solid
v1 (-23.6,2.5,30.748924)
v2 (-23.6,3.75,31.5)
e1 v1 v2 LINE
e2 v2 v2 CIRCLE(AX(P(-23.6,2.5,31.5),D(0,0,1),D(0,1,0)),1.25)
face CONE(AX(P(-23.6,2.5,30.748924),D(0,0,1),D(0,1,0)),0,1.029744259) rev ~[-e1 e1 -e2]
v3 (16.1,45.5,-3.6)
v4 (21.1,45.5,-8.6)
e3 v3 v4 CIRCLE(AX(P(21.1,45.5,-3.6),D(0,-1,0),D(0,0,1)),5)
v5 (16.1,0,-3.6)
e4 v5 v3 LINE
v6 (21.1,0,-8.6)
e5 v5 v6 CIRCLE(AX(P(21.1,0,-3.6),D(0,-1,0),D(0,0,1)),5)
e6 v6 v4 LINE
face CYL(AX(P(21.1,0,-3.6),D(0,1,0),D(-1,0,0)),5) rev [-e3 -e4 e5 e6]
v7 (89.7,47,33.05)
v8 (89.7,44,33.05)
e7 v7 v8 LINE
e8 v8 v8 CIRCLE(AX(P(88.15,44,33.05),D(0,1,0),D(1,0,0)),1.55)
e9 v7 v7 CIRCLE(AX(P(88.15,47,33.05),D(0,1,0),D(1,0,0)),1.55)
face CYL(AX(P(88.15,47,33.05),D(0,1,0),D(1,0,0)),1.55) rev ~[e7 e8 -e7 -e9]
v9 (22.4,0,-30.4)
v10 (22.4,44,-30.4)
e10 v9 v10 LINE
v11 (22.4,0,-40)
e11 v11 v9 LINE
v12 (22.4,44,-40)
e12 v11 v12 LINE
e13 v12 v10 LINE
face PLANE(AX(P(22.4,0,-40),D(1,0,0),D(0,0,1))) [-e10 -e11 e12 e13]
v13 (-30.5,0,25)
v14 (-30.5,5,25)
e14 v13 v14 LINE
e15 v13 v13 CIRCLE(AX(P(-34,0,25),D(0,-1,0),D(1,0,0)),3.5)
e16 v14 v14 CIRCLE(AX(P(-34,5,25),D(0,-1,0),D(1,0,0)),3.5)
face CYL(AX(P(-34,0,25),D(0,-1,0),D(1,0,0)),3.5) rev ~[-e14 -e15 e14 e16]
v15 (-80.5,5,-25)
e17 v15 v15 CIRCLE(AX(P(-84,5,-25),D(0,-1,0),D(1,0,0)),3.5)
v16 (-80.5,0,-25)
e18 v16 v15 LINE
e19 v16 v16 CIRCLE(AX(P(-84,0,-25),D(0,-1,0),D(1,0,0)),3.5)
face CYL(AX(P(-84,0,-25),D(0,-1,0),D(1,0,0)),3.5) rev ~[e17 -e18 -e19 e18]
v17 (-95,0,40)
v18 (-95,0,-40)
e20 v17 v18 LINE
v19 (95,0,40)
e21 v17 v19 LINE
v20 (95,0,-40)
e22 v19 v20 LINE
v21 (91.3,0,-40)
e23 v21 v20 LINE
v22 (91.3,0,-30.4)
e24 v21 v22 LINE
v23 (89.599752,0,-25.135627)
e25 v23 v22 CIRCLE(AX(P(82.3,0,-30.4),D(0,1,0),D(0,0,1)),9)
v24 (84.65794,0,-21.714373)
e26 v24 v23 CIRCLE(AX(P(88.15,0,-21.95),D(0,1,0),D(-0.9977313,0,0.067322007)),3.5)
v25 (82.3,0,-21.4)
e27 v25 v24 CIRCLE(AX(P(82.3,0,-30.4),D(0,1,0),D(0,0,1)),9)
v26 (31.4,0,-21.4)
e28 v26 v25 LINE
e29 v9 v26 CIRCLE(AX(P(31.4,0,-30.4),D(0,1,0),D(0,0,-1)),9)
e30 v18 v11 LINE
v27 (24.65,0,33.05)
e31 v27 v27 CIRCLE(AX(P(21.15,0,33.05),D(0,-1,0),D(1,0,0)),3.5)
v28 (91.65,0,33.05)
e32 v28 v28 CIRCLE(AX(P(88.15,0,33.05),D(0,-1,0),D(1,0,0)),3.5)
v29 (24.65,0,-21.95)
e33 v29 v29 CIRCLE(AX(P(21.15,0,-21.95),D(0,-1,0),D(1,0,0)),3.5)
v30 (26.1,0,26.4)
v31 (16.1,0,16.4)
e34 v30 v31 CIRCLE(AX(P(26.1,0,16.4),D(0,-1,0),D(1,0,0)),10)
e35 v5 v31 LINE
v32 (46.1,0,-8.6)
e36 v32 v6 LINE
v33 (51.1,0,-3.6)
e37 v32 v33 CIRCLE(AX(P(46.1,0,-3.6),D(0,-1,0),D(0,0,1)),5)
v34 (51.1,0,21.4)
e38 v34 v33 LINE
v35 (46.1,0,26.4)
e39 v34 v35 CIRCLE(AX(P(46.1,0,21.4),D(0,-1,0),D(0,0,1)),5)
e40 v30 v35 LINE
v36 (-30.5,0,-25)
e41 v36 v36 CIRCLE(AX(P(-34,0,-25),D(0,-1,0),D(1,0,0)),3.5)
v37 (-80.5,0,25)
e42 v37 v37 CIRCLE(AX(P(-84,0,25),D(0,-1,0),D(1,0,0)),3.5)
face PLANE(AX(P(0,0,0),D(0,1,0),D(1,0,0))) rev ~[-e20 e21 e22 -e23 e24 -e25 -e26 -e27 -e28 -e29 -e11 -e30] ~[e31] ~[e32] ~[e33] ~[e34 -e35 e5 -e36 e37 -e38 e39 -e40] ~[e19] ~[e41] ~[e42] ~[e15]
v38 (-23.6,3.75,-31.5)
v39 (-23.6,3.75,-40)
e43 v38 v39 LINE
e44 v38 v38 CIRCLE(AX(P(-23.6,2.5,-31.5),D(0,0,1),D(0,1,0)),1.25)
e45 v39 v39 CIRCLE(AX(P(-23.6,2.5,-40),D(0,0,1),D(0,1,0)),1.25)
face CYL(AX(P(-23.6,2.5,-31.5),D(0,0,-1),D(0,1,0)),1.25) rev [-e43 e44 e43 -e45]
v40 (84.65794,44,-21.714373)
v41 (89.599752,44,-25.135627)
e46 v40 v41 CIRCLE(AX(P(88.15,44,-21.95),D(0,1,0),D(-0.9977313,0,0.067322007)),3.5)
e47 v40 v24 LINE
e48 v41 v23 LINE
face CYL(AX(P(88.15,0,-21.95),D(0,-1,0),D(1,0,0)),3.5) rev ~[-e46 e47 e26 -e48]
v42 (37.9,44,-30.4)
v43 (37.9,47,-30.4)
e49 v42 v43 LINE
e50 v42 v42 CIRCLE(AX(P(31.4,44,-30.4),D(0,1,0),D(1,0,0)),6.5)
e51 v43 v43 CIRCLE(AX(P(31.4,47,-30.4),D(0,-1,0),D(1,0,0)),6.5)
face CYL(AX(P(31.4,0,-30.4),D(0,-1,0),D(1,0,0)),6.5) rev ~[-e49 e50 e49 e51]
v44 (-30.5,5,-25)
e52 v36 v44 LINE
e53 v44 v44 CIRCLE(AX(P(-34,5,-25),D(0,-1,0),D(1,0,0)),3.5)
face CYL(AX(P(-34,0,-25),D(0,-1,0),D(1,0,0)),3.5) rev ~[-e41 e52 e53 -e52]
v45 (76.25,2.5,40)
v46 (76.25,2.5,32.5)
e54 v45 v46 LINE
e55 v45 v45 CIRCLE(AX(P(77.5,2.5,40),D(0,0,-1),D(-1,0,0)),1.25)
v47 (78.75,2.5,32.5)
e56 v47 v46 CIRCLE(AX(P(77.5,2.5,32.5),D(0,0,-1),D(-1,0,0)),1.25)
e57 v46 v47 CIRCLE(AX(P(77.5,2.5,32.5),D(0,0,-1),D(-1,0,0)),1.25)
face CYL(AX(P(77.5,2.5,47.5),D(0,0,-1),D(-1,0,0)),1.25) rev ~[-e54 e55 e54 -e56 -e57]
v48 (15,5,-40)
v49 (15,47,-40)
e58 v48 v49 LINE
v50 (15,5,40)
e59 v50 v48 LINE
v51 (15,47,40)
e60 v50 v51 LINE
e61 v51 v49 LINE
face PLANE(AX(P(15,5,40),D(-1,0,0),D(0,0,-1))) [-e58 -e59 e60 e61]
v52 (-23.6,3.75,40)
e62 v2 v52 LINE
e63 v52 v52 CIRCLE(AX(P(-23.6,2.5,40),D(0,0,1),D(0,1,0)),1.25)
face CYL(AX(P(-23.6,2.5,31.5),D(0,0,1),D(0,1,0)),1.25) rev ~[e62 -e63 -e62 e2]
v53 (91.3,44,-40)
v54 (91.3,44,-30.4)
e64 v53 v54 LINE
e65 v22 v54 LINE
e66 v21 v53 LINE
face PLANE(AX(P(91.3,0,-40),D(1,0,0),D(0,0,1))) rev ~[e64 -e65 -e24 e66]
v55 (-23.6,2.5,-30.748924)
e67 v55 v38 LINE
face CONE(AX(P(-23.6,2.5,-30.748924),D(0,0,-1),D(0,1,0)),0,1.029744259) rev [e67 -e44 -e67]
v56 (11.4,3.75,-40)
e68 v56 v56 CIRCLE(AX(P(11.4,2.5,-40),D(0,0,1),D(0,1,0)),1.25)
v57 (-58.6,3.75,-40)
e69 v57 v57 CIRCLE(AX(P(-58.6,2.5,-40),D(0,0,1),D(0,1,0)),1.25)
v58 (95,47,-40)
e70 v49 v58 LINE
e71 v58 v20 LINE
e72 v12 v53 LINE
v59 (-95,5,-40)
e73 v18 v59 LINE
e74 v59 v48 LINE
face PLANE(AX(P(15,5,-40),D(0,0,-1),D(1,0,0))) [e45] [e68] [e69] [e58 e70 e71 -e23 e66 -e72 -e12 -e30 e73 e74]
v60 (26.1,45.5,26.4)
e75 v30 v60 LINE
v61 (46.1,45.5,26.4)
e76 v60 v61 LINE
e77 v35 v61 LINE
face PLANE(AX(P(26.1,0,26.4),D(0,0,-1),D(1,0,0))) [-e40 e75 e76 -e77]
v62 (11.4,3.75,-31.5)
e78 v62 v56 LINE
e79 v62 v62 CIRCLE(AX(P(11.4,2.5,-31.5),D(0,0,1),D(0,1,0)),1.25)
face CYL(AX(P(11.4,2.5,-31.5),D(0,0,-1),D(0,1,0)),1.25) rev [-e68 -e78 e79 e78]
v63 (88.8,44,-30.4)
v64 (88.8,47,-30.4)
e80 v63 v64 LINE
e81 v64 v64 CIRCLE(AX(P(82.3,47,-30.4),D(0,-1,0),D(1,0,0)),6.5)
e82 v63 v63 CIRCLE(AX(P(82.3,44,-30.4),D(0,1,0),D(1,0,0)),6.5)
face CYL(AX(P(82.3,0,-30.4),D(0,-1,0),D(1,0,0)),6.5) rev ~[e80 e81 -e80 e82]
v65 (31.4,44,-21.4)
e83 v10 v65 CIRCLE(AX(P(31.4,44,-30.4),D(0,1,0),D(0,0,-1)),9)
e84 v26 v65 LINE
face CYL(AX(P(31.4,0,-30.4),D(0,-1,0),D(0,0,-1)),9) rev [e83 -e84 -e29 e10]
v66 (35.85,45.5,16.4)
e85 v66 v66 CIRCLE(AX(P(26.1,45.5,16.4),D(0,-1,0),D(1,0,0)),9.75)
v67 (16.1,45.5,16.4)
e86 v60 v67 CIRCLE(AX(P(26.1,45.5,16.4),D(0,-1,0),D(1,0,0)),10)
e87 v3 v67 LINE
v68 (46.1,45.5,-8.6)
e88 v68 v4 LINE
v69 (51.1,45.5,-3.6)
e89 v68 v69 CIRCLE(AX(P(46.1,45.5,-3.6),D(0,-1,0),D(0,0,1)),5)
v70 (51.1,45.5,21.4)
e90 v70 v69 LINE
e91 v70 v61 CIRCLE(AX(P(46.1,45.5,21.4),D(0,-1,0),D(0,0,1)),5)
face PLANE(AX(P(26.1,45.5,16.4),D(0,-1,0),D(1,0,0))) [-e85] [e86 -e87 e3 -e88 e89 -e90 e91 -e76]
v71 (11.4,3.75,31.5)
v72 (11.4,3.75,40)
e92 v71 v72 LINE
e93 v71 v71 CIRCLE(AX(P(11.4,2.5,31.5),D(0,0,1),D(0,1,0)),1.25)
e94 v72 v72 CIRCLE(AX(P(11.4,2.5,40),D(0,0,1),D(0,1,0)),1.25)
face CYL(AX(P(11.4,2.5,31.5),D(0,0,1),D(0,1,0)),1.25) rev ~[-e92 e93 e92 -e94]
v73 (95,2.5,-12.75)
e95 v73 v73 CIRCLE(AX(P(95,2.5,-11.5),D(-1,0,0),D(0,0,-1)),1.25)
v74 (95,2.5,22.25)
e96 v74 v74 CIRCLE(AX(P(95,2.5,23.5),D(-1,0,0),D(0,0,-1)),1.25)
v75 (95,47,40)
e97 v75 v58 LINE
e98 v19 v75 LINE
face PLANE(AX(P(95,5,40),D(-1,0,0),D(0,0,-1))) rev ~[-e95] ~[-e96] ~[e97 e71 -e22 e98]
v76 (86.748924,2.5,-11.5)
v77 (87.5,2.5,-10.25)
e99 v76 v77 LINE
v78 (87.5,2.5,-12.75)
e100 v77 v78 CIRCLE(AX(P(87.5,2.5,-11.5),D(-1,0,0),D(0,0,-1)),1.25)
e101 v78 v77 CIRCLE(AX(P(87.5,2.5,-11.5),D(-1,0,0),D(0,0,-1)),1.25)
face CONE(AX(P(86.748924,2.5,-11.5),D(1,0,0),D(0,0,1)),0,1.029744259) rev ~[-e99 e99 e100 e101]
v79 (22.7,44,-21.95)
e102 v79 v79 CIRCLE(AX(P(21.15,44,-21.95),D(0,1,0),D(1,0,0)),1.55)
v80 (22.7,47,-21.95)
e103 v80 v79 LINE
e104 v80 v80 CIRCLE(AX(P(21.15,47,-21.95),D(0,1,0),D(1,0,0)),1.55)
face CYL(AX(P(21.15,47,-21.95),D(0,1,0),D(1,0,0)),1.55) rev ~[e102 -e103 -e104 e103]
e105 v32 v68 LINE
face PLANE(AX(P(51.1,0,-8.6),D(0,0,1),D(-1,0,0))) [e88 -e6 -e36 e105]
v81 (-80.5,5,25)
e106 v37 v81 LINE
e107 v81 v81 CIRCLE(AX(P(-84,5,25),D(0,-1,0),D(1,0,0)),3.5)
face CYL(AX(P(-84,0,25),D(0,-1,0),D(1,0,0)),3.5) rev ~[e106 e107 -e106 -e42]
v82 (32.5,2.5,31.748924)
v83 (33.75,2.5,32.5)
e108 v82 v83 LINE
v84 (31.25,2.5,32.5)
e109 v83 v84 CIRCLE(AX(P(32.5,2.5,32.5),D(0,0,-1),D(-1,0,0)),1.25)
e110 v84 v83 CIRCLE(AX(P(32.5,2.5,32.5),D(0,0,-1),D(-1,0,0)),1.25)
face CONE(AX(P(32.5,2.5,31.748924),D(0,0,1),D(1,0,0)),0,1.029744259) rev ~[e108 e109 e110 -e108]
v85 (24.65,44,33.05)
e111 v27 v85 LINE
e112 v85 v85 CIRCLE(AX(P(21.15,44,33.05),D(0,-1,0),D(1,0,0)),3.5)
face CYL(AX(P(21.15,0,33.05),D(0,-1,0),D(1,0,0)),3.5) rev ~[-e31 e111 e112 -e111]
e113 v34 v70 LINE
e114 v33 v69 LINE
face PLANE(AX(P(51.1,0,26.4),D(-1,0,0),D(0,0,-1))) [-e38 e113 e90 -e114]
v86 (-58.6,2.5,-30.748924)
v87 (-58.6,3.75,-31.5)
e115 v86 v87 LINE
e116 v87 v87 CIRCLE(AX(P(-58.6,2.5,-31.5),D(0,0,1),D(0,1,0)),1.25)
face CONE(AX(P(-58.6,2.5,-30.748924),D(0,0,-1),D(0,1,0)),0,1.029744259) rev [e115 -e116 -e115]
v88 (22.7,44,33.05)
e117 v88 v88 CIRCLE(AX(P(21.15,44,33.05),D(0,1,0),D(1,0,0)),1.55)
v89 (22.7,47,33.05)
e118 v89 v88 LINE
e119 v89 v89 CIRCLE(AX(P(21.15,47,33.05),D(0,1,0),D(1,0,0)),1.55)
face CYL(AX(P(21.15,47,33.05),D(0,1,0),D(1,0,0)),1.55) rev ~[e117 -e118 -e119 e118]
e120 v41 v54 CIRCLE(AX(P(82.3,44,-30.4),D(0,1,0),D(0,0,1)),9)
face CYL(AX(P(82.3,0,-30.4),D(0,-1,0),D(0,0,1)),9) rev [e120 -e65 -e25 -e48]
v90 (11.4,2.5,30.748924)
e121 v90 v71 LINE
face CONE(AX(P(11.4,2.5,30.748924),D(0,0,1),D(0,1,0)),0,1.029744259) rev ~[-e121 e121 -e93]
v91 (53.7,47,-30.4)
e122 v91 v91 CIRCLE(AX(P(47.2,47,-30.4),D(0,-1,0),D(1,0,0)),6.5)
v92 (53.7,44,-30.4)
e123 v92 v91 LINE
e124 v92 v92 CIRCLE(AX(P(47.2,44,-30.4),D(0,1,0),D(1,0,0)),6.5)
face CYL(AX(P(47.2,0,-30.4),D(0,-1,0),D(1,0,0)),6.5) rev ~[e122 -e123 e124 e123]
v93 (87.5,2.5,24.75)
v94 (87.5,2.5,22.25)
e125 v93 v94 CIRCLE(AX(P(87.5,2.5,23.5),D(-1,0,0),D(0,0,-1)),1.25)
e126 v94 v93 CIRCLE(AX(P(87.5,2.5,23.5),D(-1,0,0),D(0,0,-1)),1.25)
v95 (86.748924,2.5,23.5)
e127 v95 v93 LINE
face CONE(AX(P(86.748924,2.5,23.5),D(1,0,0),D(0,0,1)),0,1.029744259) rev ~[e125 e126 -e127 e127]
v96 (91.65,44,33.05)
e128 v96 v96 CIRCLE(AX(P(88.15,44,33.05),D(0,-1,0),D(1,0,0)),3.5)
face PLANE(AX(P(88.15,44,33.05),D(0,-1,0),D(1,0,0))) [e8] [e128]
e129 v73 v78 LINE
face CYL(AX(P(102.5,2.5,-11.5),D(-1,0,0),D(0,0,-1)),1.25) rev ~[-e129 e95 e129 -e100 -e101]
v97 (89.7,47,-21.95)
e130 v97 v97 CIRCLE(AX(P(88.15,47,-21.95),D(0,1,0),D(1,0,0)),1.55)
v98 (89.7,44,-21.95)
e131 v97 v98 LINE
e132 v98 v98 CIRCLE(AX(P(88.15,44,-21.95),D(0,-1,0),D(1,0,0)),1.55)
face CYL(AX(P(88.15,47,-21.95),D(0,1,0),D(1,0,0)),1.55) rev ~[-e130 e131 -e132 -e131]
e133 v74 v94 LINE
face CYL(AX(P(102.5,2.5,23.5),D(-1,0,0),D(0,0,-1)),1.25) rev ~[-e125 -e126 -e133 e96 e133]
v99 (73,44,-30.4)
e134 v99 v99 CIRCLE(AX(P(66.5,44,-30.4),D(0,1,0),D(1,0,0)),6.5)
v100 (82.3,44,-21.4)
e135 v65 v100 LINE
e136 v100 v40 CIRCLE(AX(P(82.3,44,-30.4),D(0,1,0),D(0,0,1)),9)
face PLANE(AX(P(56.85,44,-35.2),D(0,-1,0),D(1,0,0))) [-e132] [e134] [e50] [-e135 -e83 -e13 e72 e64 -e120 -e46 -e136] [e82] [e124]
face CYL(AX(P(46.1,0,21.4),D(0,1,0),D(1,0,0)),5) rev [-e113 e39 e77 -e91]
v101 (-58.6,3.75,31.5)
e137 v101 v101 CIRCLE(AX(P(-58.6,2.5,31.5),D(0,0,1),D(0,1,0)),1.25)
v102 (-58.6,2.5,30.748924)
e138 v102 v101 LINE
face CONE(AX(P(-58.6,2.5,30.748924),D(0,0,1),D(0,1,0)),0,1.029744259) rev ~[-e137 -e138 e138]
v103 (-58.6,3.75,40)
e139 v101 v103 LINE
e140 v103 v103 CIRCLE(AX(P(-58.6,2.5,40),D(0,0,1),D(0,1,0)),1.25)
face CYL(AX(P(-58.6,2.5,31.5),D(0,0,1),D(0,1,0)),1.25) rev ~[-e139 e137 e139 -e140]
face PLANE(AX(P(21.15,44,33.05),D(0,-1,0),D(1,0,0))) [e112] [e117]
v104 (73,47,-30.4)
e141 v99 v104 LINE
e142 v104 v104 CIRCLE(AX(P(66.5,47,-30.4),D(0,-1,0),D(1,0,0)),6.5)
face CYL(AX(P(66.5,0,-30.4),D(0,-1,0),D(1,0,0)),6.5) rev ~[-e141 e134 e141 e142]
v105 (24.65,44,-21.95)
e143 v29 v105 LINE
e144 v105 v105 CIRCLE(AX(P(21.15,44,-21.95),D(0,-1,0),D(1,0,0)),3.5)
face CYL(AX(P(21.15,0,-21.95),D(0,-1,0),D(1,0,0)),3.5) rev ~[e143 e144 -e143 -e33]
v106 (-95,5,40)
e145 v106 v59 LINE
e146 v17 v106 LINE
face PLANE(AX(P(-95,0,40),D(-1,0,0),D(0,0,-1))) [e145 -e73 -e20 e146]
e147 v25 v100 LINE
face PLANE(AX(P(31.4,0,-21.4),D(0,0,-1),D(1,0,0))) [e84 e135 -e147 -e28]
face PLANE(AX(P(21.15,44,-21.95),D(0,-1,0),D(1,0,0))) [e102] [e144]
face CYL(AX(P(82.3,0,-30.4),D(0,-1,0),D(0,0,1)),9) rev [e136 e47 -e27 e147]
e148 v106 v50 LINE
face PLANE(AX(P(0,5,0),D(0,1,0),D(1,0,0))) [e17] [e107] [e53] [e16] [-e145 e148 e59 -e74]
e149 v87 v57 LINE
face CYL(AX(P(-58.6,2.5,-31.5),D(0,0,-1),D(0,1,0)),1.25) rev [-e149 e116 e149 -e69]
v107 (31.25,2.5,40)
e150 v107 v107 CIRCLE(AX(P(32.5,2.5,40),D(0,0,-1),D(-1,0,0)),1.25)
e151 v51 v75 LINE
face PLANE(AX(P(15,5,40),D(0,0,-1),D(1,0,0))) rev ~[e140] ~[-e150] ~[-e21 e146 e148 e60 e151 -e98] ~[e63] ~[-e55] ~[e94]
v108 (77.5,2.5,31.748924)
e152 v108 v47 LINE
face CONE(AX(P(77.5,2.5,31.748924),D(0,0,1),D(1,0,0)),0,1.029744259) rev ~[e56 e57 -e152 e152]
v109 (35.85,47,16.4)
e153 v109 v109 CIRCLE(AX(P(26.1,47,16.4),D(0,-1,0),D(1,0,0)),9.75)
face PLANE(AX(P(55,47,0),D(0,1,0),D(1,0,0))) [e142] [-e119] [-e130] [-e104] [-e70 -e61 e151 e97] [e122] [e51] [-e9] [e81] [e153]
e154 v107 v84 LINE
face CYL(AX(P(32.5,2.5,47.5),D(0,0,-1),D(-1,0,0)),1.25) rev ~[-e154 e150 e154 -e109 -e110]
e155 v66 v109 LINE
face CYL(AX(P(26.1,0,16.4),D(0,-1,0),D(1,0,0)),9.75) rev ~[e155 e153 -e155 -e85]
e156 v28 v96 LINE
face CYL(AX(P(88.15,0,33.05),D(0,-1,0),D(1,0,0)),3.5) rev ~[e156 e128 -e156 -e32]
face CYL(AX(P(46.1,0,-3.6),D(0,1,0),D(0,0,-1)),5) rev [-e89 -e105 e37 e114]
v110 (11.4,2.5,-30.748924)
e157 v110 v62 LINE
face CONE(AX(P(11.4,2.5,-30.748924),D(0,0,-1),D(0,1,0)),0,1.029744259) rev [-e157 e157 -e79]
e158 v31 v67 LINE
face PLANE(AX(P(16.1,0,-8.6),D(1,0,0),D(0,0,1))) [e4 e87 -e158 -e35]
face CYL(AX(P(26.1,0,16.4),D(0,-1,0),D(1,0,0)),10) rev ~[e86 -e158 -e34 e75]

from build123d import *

# Parameters (mm, degrees)
SKETCH1_W                  = 190
SKETCH1_H                  = 80
BOSS_EXTRUDE1_DEPTH        = 5
SKETCH3_W                  = 80
SKETCH3_H                  = 80
BOSS_EXTRUDE2_DEPTH        = 42
SKETCH5_R                  = 6.5
CUT_EXTRUDE2_DEPTH         = 48
CUT_EXTRUDE3_DEPTH         = 44
SKETCH7_R                  = 3.5
CUT_EXTRUDE4_DEPTH         = 48
SKETCH8_R                  = 9.75
CUT_EXTRUDE5_DEPTH         = 48
SKETCH4_R                  = 1.55
CUT_EXTRUDE1_DEPTH         = 48
SKETCH9_R                  = 3.5
CUT_EXTRUDE6_DEPTH         = 44
SKETCH10_R                 = 10
CUT_EXTRUDE7_DEPTH         = 45.5
M3_TAPPED_HOLE1_AT_2_COUNT = 2
M3_TAPPED_HOLE1_AT_2_PITCH = 35
M3_TAPPED_HOLE1_AT_3_COUNT = 2
M3_TAPPED_HOLE1_AT_3_PITCH = 70
M3_TAPPED_HOLE2_D          = 2.5
M3_TAPPED_HOLE2_DEPTH      = 7.5
M3_TAPPED_HOLE2_TIP        = 0.751075774
M3_TAPPED_HOLE3_D          = 2.5
M3_TAPPED_HOLE3_DEPTH      = 7.5
M3_TAPPED_HOLE3_TIP        = 0.751075774
CUT_EXTRUDE8_DEPTH         = 45.5
FILLET1_R                  = 5
SKETCH_1_W                 = 68.9
SKETCH_1_H                 = 9.6
CUT_EXTRUDE_1_DEPTH        = 44


with BuildPart() as part:
    # Sketch1 → Boss-Extrude1 (new body)
    with BuildSketch(Plane(origin=(0, 0, 0), x_dir=(1, 0, 0), z_dir=(0, 1, 0))):
        Rectangle(SKETCH1_W, SKETCH1_H)
    extrude(amount=BOSS_EXTRUDE1_DEPTH)

    # Sketch3 → Boss-Extrude2 (add)
    with BuildSketch(Plane(origin=(0, 5, 0), x_dir=(1, 0, 0), z_dir=(0, 1, 0))):
        with Locations((55, 0)):
            Rectangle(SKETCH3_W, SKETCH3_H)
    extrude(amount=BOSS_EXTRUDE2_DEPTH)

    # Sketch5 → Cut-Extrude2 (cut, through all)
    with BuildSketch(Plane.XZ):
        with Locations((31.4, -30.4)):
            Circle(SKETCH5_R)
        with Locations((47.2, -30.4)):
            Circle(SKETCH5_R)
        with Locations((66.5, -30.4)):
            Circle(SKETCH5_R)
        with Locations((82.3, -30.4)):
            Circle(SKETCH5_R)
    extrude(amount=-CUT_EXTRUDE2_DEPTH, mode=Mode.SUBTRACT)

    # Sketch6 → Cut-Extrude3 (cut)
    with BuildSketch(Plane.XZ):
        with BuildLine():
            Line((31.4, -21.4), (82.3, -21.4))
            ThreePointArc((82.3, -21.4), (91.3, -30.4), (82.3, -39.4))
            Line((82.3, -39.4), (31.4, -39.4))
            ThreePointArc((31.4, -39.4), (22.4, -30.4), (31.4, -21.4))
        make_face()
    extrude(amount=-CUT_EXTRUDE3_DEPTH, mode=Mode.SUBTRACT)

    # Sketch7 → Cut-Extrude4 (cut, through all)
    with BuildSketch(Plane.XZ):
        with Locations((-84, 25)):
            Circle(SKETCH7_R)
        with Locations((-34, 25)):
            Circle(SKETCH7_R)
        with Locations((-84, -25)):
            Circle(SKETCH7_R)
        with Locations((-34, -25)):
            Circle(SKETCH7_R)
    extrude(amount=-CUT_EXTRUDE4_DEPTH, mode=Mode.SUBTRACT)

    # Sketch8 → Cut-Extrude5 (cut, through all)
    with BuildSketch(Plane.XZ):
        with Locations((26.1, 16.4)):
            Circle(SKETCH8_R)
    extrude(amount=-CUT_EXTRUDE5_DEPTH, mode=Mode.SUBTRACT)

    # Sketch4 → Cut-Extrude1 (cut, through all)
    with BuildSketch(Plane(origin=(0, 47, 0), x_dir=(1, 0, 0), z_dir=(0, 1, 0))):
        with Locations((21.15, 21.95)):
            Circle(SKETCH4_R)
        with Locations((88.15, 21.95)):
            Circle(SKETCH4_R)
        with Locations((21.15, -33.05)):
            Circle(SKETCH4_R)
        with Locations((88.15, -33.05)):
            Circle(SKETCH4_R)
    extrude(amount=-CUT_EXTRUDE1_DEPTH, mode=Mode.SUBTRACT)

    # Sketch9 → Cut-Extrude6 (cut)
    with BuildSketch(Plane.XZ):
        with Locations((21.15, -21.95)):
            Circle(SKETCH9_R)
        with Locations((88.15, -21.95)):
            Circle(SKETCH9_R)
        with Locations((21.15, 33.05)):
            Circle(SKETCH9_R)
        with Locations((88.15, 33.05)):
            Circle(SKETCH9_R)
    extrude(amount=-CUT_EXTRUDE6_DEPTH, mode=Mode.SUBTRACT)

    # Sketch10 → Cut-Extrude7 (cut)
    with BuildSketch(Plane.XZ):
        with Locations((26.1, 16.4)):
            Circle(SKETCH10_R)
    extrude(amount=-CUT_EXTRUDE7_DEPTH, mode=Mode.SUBTRACT)

    # Sketch15 → M3 Tapped Hole1 (revolve, cut)
    with BuildSketch(Plane(origin=(11.4, 2.5, -40), x_dir=(0, 1, 0), z_dir=(1, 0, 0))):
        Polygon((0, 0), (0, 9.251075774), (1.25, 8.5), (1.25, 0), align=None)
    m3_tapped_hole1 = revolve(axis=Axis((11.4, 2.5, -46.35), (0, 0, 1)), mode=Mode.SUBTRACT)

    # M3 Tapped Hole1 at 2: M3 Tapped Hole1 ×2
    with Locations(*[(-i * M3_TAPPED_HOLE1_AT_2_PITCH, 0, 0) for i in range(1, M3_TAPPED_HOLE1_AT_2_COUNT)]):
        add(m3_tapped_hole1, mode=Mode.SUBTRACT)

    # M3 Tapped Hole1 at 3: M3 Tapped Hole1 ×2
    with Locations(*[(-i * M3_TAPPED_HOLE1_AT_3_PITCH, 0, 0) for i in range(1, M3_TAPPED_HOLE1_AT_3_COUNT)]):
        add(m3_tapped_hole1, mode=Mode.SUBTRACT)

    # Mirror1: M3 Tapped Hole1 across plane
    add(m3_tapped_hole1.mirror(Plane.XY), mode=Mode.SUBTRACT)

    # Mirror1 copy 1 sketch → Mirror1 copy 1 (revolve, cut)
    with BuildSketch(Plane(origin=(-23.6, 2.5, 40), x_dir=(0, 1, 0), z_dir=(1, 0, 0))):
        Polygon((0, 0), (0, -9.251075774), (1.25, -8.5), (1.25, 0), align=None)
    revolve(axis=Axis((-23.6, 2.5, 46.35), (0, 0, 1)), mode=Mode.SUBTRACT)

    # Mirror1 copy 2 sketch → Mirror1 copy 2 (revolve, cut)
    with BuildSketch(Plane(origin=(-58.6, 2.5, 40), x_dir=(0, 1, 0), z_dir=(1, 0, 0))):
        Polygon((0, 0), (0, -9.251075774), (1.25, -8.5), (1.25, 0), align=None)
    revolve(axis=Axis((-58.6, 2.5, 46.35), (0, 0, 1)), mode=Mode.SUBTRACT)

    # M3 Tapped Hole2
    with Locations(Plane(origin=(32.5, 2.5, 40), x_dir=(1, 0, 0), z_dir=(0, 0, 1))):
        with Locations((0, 0), (45, 0)):
            Hole(M3_TAPPED_HOLE2_D / 2, depth=M3_TAPPED_HOLE2_DEPTH)
            with Locations((0, 0, -(M3_TAPPED_HOLE2_DEPTH + M3_TAPPED_HOLE2_TIP / 2))):  # 118° drill point
                Cone(0, M3_TAPPED_HOLE2_D / 2, M3_TAPPED_HOLE2_TIP, mode=Mode.SUBTRACT)

    # M3 Tapped Hole3
    with Locations(Plane(origin=(95, 2.5, 23.5), x_dir=(0, 0, 1), z_dir=(1, 0, 0))):
        with Locations((0, 0), (-35, 0)):
            Hole(M3_TAPPED_HOLE3_D / 2, depth=M3_TAPPED_HOLE3_DEPTH)
            with Locations((0, 0, -(M3_TAPPED_HOLE3_DEPTH + M3_TAPPED_HOLE3_TIP / 2))):  # 118° drill point
                Cone(0, M3_TAPPED_HOLE3_D / 2, M3_TAPPED_HOLE3_TIP, mode=Mode.SUBTRACT)

    # Sketch21 → Cut-Extrude8 (cut)
    with BuildSketch(Plane.XZ):
        Polygon((16.1, 16.4), (26.1, 16.4), (26.1, 26.4), (51.1, 26.4), (51.1, -8.6), (16.1, -8.6), align=None)
    extrude(amount=-CUT_EXTRUDE8_DEPTH, mode=Mode.SUBTRACT)

    # Fillet1
    fillet1_edges = [part.edges().sort_by_distance(p)[0] for p in [
        (16.1, 22.75, -8.6),
        (51.1, 22.75, 26.4),
        (51.1, 22.75, -8.6),
    ]]
    fillet(fillet1_edges, radius=FILLET1_R)

    # 草图1 → 切除-拉伸1 (cut)
    with BuildSketch(Plane.XZ):
        with Locations((56.85, -35.2)):
            Rectangle(SKETCH_1_W, SKETCH_1_H)
    extrude(amount=-CUT_EXTRUDE_1_DEPTH, mode=Mode.SUBTRACT)


solid = part.part
